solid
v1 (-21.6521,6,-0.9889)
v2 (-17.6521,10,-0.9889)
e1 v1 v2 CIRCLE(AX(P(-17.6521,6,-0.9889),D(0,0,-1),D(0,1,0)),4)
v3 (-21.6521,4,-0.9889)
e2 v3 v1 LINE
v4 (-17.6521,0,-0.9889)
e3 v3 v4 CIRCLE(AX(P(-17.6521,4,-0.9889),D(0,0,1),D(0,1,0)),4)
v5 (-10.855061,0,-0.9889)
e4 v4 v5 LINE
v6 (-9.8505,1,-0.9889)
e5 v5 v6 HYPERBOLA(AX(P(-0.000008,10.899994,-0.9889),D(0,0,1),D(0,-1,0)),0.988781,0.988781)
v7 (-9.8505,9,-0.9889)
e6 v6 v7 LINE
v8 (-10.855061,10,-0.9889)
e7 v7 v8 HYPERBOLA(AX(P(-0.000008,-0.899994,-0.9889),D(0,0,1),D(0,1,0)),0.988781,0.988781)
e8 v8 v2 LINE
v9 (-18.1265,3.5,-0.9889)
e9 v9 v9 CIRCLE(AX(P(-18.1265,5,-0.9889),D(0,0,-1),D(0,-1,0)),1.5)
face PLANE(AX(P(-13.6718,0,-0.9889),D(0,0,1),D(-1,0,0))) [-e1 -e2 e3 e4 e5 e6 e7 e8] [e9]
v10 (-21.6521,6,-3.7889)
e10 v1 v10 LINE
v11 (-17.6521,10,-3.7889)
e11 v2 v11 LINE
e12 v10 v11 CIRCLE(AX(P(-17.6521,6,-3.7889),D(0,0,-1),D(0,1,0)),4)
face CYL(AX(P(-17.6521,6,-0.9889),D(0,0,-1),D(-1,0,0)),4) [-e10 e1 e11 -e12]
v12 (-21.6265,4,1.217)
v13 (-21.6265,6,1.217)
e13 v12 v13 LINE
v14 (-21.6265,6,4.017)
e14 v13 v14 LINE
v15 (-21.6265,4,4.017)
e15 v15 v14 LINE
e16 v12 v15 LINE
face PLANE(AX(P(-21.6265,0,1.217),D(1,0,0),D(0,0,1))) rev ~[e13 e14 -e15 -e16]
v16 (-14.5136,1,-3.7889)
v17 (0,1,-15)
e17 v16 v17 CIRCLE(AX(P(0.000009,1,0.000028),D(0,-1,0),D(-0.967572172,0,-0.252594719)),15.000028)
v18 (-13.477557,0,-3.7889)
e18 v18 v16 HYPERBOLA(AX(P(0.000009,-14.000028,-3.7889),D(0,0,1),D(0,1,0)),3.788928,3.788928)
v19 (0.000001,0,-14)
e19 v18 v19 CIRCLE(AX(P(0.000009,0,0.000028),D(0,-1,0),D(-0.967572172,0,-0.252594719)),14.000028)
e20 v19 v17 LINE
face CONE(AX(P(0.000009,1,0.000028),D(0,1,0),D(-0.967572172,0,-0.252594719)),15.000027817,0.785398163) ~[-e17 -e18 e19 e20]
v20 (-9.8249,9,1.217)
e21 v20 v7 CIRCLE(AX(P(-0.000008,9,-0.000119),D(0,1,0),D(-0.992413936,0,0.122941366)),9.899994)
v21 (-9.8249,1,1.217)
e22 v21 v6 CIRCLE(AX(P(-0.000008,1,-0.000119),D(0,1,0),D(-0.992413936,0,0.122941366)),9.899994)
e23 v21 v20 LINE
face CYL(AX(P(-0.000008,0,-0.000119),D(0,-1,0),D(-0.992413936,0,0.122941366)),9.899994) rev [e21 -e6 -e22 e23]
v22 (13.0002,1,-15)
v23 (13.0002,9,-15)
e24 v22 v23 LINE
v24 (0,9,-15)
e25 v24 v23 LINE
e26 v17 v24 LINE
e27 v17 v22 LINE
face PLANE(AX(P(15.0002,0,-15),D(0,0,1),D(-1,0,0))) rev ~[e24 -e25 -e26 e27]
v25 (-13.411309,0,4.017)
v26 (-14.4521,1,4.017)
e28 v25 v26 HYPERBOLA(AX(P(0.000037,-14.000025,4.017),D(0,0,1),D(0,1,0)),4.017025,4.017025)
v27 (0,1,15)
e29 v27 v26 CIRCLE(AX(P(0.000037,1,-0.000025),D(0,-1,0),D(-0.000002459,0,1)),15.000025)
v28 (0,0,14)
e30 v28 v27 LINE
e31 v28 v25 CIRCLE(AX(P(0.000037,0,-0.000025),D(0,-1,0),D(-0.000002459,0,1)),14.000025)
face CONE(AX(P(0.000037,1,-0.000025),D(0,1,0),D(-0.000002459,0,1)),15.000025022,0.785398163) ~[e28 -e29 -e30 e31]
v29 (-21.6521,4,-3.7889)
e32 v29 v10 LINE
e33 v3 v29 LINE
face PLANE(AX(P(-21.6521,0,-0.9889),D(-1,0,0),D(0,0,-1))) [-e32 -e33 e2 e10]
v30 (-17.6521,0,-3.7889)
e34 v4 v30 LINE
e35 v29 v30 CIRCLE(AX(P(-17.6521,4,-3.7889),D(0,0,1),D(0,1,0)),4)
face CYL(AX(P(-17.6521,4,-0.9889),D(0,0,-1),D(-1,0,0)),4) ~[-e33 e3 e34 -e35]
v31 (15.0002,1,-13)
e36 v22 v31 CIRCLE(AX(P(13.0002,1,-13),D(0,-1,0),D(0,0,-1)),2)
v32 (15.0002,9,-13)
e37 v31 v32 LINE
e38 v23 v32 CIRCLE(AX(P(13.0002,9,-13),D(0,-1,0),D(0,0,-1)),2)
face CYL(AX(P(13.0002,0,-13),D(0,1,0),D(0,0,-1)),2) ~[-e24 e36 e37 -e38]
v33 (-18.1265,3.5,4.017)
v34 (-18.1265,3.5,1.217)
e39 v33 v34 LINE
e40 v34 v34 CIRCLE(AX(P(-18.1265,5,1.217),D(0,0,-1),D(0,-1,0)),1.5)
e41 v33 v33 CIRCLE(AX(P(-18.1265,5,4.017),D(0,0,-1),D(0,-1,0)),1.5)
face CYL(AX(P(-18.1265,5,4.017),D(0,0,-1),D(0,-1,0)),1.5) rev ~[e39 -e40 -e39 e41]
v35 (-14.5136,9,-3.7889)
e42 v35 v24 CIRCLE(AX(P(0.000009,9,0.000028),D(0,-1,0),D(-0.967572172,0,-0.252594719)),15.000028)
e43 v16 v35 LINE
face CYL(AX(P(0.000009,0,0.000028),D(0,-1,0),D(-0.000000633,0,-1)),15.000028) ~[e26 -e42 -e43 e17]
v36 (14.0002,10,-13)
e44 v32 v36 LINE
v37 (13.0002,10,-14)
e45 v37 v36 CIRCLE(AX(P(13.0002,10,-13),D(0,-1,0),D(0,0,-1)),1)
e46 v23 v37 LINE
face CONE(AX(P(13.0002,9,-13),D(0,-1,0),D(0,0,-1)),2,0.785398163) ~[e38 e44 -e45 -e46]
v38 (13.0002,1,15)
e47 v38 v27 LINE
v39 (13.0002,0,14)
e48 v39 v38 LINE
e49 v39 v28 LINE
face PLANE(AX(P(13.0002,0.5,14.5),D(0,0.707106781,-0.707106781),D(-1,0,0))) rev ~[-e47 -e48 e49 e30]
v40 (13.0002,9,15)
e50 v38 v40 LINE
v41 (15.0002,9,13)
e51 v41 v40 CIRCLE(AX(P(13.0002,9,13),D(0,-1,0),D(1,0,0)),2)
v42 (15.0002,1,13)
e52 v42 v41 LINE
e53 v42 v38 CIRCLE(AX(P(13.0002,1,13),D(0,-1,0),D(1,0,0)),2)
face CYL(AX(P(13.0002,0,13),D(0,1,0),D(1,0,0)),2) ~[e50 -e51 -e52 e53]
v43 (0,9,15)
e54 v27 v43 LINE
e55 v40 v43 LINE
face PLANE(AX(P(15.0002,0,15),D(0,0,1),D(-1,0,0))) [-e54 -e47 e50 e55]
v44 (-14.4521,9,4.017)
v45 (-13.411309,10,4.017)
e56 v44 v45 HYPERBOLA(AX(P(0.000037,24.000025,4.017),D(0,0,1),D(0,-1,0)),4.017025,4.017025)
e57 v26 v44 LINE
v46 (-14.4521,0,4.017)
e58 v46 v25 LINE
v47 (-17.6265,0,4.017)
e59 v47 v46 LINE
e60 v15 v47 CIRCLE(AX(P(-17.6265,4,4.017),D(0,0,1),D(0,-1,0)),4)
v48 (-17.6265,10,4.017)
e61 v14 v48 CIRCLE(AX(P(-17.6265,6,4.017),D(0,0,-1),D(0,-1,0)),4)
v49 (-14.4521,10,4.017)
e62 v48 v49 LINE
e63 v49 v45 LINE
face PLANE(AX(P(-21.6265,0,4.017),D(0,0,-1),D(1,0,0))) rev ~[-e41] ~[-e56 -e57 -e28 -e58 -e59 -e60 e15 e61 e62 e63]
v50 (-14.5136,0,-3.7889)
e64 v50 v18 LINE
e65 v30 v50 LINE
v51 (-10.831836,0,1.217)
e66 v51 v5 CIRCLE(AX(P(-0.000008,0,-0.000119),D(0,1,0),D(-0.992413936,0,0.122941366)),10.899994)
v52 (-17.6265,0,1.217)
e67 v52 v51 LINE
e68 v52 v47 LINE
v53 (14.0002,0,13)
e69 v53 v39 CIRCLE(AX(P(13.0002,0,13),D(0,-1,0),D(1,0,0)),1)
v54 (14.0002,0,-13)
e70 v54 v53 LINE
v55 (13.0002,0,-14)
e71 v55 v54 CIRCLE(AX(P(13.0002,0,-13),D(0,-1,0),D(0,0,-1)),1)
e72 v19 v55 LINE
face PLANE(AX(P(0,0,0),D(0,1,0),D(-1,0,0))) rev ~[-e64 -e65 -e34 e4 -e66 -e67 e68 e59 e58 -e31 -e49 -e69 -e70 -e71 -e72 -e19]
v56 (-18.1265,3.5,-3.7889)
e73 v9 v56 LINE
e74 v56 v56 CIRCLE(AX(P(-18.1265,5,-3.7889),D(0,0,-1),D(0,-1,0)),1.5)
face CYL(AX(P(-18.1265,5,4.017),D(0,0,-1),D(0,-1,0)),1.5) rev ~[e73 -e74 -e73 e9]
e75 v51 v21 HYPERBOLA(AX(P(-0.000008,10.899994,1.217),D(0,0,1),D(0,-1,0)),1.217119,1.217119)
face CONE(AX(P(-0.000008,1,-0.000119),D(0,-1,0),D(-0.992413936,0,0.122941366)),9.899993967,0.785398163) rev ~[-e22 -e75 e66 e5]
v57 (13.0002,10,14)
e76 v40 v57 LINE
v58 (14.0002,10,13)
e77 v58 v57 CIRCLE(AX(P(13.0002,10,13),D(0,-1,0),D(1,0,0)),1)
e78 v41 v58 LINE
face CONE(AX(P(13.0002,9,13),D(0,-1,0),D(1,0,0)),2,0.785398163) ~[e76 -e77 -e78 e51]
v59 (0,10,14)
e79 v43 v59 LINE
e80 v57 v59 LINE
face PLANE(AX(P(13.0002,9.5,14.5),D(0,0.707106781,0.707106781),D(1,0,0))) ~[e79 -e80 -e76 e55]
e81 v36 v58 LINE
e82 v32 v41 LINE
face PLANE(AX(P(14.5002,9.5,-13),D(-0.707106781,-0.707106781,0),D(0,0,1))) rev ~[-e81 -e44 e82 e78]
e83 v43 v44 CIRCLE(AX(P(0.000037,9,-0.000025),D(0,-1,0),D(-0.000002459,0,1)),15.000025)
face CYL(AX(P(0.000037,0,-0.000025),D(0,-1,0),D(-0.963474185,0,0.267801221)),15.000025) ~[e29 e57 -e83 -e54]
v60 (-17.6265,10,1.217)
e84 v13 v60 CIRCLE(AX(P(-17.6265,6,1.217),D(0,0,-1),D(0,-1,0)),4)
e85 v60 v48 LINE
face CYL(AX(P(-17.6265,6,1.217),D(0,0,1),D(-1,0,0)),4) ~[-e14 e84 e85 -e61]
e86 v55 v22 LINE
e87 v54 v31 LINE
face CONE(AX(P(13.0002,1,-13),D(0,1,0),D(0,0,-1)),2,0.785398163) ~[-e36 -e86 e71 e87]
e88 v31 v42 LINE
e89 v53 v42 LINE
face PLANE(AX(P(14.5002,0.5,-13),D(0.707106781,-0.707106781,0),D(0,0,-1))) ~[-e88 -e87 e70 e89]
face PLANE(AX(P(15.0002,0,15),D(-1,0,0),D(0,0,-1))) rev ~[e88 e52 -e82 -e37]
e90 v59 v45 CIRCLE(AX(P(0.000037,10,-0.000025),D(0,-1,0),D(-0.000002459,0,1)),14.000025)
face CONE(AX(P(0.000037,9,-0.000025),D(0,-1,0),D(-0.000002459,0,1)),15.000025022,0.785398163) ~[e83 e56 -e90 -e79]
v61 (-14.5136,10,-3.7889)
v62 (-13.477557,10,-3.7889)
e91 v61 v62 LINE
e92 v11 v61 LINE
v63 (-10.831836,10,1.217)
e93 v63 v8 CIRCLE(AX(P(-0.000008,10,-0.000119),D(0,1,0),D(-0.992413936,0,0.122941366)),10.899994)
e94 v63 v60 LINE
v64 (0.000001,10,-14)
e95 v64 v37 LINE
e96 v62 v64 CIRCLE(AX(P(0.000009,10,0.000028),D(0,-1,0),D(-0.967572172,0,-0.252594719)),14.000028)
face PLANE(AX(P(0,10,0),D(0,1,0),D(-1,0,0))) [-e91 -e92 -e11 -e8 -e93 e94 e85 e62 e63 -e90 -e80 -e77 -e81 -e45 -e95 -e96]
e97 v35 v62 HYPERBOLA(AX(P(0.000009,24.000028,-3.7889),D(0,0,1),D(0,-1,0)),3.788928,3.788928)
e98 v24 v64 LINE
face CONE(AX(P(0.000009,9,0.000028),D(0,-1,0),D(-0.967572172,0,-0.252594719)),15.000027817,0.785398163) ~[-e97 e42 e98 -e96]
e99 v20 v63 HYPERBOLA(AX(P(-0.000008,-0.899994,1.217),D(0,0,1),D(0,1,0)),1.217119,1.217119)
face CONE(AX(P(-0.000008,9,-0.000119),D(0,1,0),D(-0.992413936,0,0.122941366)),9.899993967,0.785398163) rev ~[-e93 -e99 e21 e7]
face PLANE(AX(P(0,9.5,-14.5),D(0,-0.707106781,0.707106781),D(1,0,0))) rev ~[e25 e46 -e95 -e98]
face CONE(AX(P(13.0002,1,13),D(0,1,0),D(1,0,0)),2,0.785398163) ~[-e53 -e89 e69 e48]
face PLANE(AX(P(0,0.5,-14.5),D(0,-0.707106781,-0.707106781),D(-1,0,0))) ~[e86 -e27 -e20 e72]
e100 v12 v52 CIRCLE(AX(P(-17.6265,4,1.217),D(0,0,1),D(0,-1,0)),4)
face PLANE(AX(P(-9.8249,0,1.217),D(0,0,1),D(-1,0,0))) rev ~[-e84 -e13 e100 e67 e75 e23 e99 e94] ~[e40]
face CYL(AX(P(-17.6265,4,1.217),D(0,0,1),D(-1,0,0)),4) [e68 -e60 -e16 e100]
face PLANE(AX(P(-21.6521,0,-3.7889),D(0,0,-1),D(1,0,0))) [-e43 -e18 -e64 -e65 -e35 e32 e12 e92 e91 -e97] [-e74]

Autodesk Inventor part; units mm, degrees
ref_plane "YZ Plane" through (0, 0, 0) normal (1, 0, 0) x (0, 1, 0)
ref_plane "XZ Plane" through (0, 0, 0) normal (0, 1, 0) x (-1, 0, 0)
ref_plane "XY Plane" through (0, 0, 0) normal (0, 0, 1) x (1, 0, 0)
sketch "Эскиз1" plane through (0, 0, 0) normal (0, 1, 0) x (-1, 0, 0)
  arc A0 (9.8249, 1.217) -> (9.8505, -0.9889) centre (0, 0) ccw
  line L0 (-15.0002, 15) -> (-15.0002, -15)
  line L1 (-15.0002, 15) -> (0, 15)
  line L2 (-15.0002, -15) -> (0, -15)
  line L3 (9.8249, 1.217) -> (16.2051, 1.217)
  line L4 (13.6718, -0.9889) -> (9.8505, -0.9889)
  arc A1 (0, -15) -> (14.5136, -3.7889) centre (0, 0) ccw
  arc A2 (14.4521, 4.017) -> (0, 15) centre (0, 0) ccw
  line L5 (9.8505, -0.9889) -> (21.6521, -0.9889)
  line L6 (21.6521, -0.9889) -> (21.6521, -3.7889)
  line L7 (21.6521, -3.7889) -> (14.5136, -3.7889)
  line L8 (9.8249, 1.217) -> (21.6265, 1.217)
  line L9 (21.6265, 1.217) -> (21.6265, 4.017)
  line L10 (21.6265, 4.017) -> (14.4521, 4.017)
  point P0 (15, 0)
  dimension "d0" = 19.8
  dimension "d2" = 30
  dimension "d5" = 2.8
  dimension "d6" = 2.8
extrude "Выдавливание1" add sketch "Эскиз1" along normal blind 10
fillet "Сопряжение1" radius 4 4 edges at (-21.6265, 10, 2.617) (-21.6521, 10, -2.3889) (-21.6265, 0, 2.617) (-21.6521, 0, -2.3889)
sketch "Эскиз3" plane through (-14.4521, 0, 4.017) normal (0, 0, 1) x (1, 0, 0)
  arc A0 (-7.1744, 4) -> (-3.1744, 0) centre (-3.1744, 4) ccw projected
  line L0 (-3.1744, 0) -> (0, 0) projected
  line L1 (0, 0) -> (0, 10) projected
  line L2 (-3.1744, 10) -> (0, 10) projected
  arc A1 (-3.1744, 10) -> (-7.1744, 6) centre (-3.1744, 6) ccw projected
  line L3 (-7.1744, 4) -> (-7.1744, 6) projected
  line L4 (-7.1744, 5) -> (-3.6744, 5) construction
  point P0 (14.4521, 0)
  dimension "d20" = 3.5
hole "Отверстие2" at (-18.1265, 5, 4.017) direction (0, 0, -1) diameter 3 depth 8 tip angle 118
fillet "Сопряжение2" radius 2 2 edges at (15.0002, 5, 15) (15.0002, 5, -15)
chamfer "Фаска1" distance 1 angle 45 16 edges at (9.8993, 10, -0.1148) (9.8993, 0, -0.1148) (6.5001, 10, 15) (14.4144, 10, 14.4142) (15.0002, 10, 0) (14.4144, 10, -14.4142) (6.5001, 10, -15) (-9.1697, 10, -11.8708) (-9.0759, 10, 11.9427) (6.5001, 0, 15) (14.4144, 0, 14.4142) (15.0002, 0, 0) (14.4144, 0, -14.4142) (6.5001, 0, -15) (-9.1697, 0, -11.8708) (-9.0759, 0, 11.9427)
properties part number "BasicMount 19.5mm"
